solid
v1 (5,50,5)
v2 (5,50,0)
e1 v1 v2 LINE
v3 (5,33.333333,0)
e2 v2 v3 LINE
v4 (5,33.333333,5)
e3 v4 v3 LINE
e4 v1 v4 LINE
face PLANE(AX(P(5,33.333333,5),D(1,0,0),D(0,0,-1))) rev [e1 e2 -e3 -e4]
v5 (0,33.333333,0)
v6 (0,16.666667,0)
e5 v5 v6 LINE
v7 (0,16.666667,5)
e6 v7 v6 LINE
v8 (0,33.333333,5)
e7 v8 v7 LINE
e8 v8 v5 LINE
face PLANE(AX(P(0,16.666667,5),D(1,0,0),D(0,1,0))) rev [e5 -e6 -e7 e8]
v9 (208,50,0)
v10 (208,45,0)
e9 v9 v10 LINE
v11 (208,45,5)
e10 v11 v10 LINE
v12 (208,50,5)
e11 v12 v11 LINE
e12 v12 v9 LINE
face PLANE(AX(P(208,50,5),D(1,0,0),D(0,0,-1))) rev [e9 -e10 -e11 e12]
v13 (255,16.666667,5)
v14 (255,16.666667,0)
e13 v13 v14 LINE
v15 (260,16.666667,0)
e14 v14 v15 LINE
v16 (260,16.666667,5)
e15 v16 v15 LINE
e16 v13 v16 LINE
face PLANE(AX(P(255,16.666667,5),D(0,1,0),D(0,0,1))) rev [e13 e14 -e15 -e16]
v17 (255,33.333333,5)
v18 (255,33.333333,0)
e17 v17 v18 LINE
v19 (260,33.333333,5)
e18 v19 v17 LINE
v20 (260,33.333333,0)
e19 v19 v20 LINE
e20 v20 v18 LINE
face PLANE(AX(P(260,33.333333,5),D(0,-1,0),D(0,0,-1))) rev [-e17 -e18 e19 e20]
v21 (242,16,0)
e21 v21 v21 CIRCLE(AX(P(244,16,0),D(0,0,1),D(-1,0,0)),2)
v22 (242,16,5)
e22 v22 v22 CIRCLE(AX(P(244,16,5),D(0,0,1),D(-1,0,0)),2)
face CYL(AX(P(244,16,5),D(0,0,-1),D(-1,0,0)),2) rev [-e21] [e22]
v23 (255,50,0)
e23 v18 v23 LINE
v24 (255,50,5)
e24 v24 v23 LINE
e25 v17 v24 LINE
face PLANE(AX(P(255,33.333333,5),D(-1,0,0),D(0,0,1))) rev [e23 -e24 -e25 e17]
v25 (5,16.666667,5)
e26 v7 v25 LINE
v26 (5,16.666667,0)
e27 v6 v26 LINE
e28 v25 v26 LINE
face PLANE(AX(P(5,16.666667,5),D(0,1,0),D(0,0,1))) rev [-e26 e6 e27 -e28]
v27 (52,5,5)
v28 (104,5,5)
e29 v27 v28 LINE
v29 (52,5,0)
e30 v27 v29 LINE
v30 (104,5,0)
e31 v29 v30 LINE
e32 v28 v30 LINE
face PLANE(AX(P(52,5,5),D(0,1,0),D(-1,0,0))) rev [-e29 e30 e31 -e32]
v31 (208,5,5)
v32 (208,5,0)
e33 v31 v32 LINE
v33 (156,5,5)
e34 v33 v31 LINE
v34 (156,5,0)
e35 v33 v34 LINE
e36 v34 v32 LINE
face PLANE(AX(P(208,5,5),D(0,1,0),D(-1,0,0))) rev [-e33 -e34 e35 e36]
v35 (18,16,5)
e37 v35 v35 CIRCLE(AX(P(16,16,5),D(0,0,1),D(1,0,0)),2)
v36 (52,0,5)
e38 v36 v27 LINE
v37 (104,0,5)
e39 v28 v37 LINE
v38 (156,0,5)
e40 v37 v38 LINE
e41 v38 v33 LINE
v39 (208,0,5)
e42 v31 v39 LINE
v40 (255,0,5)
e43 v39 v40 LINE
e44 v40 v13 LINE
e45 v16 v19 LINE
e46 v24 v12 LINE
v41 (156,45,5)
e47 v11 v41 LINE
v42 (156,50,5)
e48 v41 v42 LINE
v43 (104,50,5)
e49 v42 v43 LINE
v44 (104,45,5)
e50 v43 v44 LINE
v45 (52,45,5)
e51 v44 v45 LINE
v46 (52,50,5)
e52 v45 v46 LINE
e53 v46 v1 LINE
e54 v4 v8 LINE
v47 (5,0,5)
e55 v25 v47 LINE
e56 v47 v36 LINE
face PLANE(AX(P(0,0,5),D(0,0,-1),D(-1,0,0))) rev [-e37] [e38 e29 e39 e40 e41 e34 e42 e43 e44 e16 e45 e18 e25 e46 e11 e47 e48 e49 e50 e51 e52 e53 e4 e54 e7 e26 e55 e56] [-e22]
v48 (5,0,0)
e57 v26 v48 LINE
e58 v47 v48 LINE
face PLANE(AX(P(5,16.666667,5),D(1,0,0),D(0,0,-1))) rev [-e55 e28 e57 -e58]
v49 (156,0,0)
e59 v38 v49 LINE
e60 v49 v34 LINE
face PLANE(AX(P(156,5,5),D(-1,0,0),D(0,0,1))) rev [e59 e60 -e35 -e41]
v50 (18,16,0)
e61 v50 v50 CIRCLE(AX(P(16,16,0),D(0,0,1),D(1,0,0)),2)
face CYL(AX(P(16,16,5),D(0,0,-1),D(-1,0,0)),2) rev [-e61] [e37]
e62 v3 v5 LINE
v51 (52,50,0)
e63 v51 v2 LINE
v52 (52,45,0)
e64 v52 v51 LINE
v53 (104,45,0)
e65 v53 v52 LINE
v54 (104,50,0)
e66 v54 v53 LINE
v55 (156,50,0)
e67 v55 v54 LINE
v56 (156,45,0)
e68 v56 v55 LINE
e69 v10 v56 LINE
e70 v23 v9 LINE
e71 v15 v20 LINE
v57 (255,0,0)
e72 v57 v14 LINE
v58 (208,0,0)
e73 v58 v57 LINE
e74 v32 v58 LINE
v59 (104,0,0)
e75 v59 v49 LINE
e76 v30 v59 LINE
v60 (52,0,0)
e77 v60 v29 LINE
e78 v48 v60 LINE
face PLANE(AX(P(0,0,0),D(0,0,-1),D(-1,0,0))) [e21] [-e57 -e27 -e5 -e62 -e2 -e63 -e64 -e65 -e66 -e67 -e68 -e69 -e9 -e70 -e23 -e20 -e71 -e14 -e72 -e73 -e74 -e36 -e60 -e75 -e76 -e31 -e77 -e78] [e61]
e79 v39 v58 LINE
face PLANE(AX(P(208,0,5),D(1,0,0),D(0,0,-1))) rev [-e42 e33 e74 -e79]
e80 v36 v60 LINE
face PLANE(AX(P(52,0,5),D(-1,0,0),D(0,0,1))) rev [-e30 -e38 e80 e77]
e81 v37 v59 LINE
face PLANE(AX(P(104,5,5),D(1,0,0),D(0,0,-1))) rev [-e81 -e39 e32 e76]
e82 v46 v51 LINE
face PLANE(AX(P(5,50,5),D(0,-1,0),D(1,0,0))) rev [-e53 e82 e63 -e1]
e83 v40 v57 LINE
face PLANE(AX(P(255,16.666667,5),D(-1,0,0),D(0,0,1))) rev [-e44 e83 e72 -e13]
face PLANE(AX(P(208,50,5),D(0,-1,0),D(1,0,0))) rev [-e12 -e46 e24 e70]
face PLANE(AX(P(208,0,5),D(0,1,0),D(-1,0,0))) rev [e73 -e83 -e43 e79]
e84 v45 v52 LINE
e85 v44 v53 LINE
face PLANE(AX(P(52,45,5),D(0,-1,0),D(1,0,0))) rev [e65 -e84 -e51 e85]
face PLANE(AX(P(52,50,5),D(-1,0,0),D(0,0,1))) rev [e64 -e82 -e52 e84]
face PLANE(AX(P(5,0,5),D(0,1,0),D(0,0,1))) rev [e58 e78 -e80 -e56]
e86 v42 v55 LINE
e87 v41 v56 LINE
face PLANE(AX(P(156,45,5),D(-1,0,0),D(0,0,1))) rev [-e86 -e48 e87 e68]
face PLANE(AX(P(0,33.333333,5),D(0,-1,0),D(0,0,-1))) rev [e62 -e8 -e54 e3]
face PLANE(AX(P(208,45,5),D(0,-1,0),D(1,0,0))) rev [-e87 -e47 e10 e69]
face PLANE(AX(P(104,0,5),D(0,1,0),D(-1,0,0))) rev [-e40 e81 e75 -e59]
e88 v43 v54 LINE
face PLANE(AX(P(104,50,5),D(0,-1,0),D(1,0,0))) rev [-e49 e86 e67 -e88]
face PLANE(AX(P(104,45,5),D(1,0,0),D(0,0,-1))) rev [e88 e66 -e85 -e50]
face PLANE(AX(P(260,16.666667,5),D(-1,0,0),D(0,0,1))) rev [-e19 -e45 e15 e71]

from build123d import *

# Parameters (mm, degrees)
CROQUIS1_R              = 2
SALIENTE_EXTRUIR1_DEPTH = 5


with BuildPart() as part:
    # Croquis1 → Saliente-Extruir1 (new body)
    with BuildSketch(Plane.XY):
        Polygon((0, 33.333333333), (5, 33.333333333), (5, 50), (52, 50), (52, 45), (104, 45), (104, 50), (156, 50), (156, 45), (208, 45), (208, 50), (255, 50), (255, 33.333333333), (260, 33.333333333), (260, 16.666666667), (255, 16.666666667), (255, 0), (208, 0), (208, 5), (156, 5), (156, 0), (104, 0), (104, 5), (52, 5), (52, 0), (5, 0), (5, 16.666666667), (0, 16.666666667), align=None)
        with Locations((16, 16)):
            Circle(CROQUIS1_R, mode=Mode.SUBTRACT)
        with Locations(Location((244, 16, 0), (0, 0, 180))):
            Circle(CROQUIS1_R, mode=Mode.SUBTRACT)
    extrude(amount=SALIENTE_EXTRUIR1_DEPTH)


solid = part.part
